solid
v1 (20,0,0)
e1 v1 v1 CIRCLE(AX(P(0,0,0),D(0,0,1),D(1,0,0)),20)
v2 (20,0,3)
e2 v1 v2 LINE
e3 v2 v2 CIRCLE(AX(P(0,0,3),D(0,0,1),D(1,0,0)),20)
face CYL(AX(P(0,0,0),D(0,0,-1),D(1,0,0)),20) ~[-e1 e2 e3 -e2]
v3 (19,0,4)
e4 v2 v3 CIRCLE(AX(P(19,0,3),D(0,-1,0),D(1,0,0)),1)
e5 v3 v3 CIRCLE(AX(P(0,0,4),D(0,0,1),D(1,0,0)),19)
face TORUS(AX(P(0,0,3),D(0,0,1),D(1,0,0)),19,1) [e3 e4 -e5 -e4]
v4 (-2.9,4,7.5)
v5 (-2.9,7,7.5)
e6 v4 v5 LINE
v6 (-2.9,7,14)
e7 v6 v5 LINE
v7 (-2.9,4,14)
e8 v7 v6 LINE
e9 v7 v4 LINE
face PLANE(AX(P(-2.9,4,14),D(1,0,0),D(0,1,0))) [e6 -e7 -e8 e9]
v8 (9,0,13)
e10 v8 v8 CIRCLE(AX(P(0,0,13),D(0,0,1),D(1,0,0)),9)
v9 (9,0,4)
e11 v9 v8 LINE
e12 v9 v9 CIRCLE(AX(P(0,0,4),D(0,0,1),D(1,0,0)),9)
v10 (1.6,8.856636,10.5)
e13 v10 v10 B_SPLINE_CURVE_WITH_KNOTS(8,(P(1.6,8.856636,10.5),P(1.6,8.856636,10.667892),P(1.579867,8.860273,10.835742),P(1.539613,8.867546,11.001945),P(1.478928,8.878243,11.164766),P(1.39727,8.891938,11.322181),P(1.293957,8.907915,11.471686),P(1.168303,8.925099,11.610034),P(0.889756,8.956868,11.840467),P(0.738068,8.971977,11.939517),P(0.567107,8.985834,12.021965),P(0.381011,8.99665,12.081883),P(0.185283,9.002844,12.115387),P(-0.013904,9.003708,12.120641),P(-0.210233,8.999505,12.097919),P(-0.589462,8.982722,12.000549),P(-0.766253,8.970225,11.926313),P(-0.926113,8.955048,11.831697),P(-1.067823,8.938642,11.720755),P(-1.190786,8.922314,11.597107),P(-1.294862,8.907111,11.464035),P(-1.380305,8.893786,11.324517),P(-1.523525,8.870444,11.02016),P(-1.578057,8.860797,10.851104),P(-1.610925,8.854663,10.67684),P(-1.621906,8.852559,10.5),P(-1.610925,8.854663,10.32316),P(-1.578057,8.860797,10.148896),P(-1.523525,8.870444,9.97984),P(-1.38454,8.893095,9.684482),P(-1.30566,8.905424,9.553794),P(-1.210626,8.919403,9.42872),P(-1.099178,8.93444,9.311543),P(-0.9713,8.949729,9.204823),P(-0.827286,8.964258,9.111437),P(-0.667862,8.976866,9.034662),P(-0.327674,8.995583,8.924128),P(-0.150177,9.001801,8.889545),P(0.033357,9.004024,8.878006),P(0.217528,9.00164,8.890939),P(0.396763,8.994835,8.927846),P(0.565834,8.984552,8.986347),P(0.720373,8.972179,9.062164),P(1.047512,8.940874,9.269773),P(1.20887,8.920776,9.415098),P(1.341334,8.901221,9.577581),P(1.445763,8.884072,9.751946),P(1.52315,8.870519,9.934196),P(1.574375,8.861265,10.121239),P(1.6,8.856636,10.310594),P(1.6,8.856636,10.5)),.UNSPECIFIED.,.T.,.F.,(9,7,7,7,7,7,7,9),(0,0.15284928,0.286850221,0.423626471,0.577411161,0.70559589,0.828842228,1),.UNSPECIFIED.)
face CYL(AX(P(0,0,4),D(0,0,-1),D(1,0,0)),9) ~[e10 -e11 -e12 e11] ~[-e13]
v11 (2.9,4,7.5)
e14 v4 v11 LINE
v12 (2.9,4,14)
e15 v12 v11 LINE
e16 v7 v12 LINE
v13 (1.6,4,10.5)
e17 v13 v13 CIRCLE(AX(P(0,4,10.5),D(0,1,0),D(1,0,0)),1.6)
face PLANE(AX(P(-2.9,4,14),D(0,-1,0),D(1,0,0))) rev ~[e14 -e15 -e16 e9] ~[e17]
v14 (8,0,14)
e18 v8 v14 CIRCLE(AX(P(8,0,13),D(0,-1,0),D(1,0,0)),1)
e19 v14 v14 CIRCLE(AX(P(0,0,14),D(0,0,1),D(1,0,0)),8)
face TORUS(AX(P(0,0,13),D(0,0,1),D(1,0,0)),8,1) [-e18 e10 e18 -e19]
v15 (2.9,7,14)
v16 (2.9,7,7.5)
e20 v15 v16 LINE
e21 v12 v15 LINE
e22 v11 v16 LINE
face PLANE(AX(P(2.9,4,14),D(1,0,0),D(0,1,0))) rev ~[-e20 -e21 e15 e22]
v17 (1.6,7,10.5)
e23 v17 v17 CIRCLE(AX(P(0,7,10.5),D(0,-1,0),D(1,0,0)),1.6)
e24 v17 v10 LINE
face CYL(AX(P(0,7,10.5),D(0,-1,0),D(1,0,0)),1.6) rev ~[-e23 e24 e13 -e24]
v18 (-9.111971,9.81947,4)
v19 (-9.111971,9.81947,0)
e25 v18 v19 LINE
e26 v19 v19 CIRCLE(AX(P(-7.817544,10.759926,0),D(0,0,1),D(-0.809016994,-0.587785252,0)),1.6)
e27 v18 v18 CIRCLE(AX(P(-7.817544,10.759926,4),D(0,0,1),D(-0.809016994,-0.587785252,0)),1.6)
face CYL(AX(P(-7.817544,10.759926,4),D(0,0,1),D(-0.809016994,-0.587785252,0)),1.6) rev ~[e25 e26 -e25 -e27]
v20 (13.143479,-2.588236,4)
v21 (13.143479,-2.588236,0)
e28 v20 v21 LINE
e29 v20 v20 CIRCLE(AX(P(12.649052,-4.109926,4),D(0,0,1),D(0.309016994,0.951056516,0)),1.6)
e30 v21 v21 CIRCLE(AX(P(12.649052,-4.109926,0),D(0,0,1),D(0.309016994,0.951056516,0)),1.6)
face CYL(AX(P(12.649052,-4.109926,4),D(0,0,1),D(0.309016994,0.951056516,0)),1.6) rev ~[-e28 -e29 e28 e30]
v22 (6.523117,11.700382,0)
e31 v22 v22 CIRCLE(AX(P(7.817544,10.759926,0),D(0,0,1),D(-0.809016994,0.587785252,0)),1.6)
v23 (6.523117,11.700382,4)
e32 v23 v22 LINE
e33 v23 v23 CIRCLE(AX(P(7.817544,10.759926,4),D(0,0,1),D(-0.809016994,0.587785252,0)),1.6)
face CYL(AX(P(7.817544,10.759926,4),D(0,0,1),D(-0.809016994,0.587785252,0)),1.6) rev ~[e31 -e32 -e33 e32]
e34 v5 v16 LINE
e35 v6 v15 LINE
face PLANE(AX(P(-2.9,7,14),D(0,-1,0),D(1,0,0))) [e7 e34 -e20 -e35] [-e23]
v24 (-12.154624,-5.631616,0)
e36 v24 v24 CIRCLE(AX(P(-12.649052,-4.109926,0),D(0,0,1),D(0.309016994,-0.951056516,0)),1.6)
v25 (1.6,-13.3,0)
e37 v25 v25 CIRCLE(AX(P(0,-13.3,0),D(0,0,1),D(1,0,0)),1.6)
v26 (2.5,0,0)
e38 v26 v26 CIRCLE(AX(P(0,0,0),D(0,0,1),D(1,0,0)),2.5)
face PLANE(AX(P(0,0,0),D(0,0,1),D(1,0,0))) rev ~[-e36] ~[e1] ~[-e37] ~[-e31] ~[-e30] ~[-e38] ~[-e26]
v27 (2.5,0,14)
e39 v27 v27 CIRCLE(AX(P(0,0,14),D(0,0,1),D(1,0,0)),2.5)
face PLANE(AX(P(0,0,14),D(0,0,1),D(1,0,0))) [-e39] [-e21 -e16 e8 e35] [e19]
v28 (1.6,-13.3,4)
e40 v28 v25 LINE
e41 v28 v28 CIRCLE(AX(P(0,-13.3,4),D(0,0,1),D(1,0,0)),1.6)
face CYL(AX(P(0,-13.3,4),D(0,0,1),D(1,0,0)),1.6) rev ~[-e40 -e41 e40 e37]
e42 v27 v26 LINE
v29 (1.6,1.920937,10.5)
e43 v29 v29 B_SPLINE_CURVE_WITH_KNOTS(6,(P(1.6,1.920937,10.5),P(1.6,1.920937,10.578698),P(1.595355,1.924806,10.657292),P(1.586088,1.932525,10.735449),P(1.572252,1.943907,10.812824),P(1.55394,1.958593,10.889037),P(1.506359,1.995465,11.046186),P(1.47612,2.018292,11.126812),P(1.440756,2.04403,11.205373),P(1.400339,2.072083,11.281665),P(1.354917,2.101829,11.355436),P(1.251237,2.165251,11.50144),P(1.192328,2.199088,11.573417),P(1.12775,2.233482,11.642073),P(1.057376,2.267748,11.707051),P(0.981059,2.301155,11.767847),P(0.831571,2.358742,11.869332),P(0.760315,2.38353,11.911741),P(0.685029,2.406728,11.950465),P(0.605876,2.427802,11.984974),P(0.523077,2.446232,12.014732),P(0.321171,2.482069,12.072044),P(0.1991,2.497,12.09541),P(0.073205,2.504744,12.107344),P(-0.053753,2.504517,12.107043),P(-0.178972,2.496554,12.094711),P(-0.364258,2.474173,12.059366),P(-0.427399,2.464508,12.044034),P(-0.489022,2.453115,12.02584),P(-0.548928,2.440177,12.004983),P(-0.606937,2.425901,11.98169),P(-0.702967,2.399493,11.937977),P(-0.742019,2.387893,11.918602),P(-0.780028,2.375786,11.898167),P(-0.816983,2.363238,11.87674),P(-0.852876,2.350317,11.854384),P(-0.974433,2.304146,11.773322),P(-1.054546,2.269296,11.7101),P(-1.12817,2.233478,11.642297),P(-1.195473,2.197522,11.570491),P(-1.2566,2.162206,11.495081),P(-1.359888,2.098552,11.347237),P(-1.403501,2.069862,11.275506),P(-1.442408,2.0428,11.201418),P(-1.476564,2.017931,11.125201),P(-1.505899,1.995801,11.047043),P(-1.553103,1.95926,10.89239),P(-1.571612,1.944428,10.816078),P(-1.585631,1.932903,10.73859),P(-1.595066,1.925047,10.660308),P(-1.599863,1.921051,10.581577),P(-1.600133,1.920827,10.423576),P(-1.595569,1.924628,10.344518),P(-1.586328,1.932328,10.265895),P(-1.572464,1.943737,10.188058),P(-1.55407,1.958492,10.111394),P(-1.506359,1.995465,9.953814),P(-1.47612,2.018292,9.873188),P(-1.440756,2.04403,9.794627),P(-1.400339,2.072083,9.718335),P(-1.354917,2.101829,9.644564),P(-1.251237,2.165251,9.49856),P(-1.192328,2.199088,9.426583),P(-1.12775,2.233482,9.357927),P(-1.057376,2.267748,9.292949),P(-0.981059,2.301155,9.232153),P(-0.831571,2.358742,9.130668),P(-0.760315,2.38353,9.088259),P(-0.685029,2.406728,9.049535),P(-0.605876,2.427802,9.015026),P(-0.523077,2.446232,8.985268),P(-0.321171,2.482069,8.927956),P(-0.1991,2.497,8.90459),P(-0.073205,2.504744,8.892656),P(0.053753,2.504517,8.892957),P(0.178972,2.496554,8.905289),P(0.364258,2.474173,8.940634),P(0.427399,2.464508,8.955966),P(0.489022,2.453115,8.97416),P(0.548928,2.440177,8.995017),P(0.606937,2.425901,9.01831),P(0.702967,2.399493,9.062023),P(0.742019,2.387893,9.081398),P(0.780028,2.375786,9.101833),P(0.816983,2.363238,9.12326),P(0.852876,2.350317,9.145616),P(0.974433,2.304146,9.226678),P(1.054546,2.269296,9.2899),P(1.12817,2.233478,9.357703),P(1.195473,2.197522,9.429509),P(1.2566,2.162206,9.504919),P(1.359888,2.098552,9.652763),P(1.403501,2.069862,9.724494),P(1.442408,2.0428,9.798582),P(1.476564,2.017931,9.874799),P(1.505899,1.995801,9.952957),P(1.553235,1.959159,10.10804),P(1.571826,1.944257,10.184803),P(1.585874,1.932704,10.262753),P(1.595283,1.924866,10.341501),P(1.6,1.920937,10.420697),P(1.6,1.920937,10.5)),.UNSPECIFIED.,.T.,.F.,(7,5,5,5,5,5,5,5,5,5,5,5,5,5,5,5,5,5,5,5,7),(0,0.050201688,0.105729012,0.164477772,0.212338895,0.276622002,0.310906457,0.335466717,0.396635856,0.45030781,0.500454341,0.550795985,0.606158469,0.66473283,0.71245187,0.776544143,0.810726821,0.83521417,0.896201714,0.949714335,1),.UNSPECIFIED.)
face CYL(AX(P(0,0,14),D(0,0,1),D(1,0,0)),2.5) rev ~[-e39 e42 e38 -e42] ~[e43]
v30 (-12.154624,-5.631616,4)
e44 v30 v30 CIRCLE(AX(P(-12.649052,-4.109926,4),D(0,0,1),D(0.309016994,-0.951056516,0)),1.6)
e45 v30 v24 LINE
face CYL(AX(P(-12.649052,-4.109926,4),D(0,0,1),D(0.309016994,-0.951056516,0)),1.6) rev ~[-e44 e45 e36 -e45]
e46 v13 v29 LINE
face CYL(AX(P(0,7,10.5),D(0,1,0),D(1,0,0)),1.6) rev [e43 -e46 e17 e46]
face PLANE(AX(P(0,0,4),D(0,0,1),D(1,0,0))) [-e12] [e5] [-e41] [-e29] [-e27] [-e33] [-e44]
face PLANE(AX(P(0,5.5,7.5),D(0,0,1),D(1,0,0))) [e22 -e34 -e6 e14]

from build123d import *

# Parameters (mm, degrees)
SKETCH_R             = 20
PAD_DEPTH            = 4
SKETCH001_R          = 1.6
POCKET_DEPTH         = 117.420575
POLARPATTERN_COUNT   = 5
SKETCH002_R          = 9
PAD001_DEPTH         = 10
SKETCH003_R          = 2.5
POCKET001_DEPTH      = 14.001
SKETCH004_W          = 5.8
SKETCH004_H          = 3
POCKET002_DEPTH      = 6.5
SKETCH005_R          = 1.6
POCKET003_DEPTH      = 6
POCKET003_DEPTH_BACK = -6
FILLET_R             = 1


with BuildPart() as part:
    # Sketch → Pad (new body)
    with BuildSketch(Plane.XY):
        Circle(SKETCH_R)
    extrude(amount=PAD_DEPTH)

    # Sketch001 (on Face3 of Pad) → Pocket (cut, through all)
    with BuildSketch(Plane.XY.offset(4)):
        with Locations((0, -13.3)):
            Circle(SKETCH001_R)
    pocket = extrude(amount=-POCKET_DEPTH, mode=Mode.SUBTRACT)

    # PolarPattern: Pocket ×5 about axis
    polarpattern_axis = Axis((0, 0, 4), (0, 0, 1))
    for i in range(1, POLARPATTERN_COUNT):
        add(pocket.rotate(polarpattern_axis, i * 360 / POLARPATTERN_COUNT), mode=Mode.SUBTRACT)

    # Sketch002 (on Face3 of PolarPattern) → Pad001 (join)
    with BuildSketch(Plane.XY.offset(4)):
        Circle(SKETCH002_R)
    extrude(amount=PAD001_DEPTH)

    # Sketch003 (on Face10 of Pad001) → Pocket001 (cut, through all)
    with BuildSketch(Plane.XY.offset(14)):
        Circle(SKETCH003_R)
    extrude(amount=-POCKET001_DEPTH, mode=Mode.SUBTRACT)

    # Sketch004 (on Face11 of Pocket001) → Pocket002 (cut)
    with BuildSketch(Plane.XY.offset(14)):
        with Locations((0, 5.5)):
            Rectangle(SKETCH004_W, SKETCH004_H)
    extrude(amount=-POCKET002_DEPTH, mode=Mode.SUBTRACT)

    # Sketch005 (on Face15 of Pocket002) → Pocket003 (cut, two sides)
    with BuildSketch(Plane.XZ.offset(-7)) as pocket003_sk:
        with Locations((0, 10.5)):
            Circle(SKETCH005_R)
    extrude(amount=-POCKET003_DEPTH, mode=Mode.SUBTRACT)
    extrude(pocket003_sk.sketch, amount=-POCKET003_DEPTH_BACK, mode=Mode.SUBTRACT)

    # Fillet
    fillet_edges = [part.edges().sort_by_distance(p)[0] for p in [
        (-20, 0, 4),
        (-9, 0, 14),
    ]]
    fillet(fillet_edges, radius=FILLET_R)


solid = part.part
